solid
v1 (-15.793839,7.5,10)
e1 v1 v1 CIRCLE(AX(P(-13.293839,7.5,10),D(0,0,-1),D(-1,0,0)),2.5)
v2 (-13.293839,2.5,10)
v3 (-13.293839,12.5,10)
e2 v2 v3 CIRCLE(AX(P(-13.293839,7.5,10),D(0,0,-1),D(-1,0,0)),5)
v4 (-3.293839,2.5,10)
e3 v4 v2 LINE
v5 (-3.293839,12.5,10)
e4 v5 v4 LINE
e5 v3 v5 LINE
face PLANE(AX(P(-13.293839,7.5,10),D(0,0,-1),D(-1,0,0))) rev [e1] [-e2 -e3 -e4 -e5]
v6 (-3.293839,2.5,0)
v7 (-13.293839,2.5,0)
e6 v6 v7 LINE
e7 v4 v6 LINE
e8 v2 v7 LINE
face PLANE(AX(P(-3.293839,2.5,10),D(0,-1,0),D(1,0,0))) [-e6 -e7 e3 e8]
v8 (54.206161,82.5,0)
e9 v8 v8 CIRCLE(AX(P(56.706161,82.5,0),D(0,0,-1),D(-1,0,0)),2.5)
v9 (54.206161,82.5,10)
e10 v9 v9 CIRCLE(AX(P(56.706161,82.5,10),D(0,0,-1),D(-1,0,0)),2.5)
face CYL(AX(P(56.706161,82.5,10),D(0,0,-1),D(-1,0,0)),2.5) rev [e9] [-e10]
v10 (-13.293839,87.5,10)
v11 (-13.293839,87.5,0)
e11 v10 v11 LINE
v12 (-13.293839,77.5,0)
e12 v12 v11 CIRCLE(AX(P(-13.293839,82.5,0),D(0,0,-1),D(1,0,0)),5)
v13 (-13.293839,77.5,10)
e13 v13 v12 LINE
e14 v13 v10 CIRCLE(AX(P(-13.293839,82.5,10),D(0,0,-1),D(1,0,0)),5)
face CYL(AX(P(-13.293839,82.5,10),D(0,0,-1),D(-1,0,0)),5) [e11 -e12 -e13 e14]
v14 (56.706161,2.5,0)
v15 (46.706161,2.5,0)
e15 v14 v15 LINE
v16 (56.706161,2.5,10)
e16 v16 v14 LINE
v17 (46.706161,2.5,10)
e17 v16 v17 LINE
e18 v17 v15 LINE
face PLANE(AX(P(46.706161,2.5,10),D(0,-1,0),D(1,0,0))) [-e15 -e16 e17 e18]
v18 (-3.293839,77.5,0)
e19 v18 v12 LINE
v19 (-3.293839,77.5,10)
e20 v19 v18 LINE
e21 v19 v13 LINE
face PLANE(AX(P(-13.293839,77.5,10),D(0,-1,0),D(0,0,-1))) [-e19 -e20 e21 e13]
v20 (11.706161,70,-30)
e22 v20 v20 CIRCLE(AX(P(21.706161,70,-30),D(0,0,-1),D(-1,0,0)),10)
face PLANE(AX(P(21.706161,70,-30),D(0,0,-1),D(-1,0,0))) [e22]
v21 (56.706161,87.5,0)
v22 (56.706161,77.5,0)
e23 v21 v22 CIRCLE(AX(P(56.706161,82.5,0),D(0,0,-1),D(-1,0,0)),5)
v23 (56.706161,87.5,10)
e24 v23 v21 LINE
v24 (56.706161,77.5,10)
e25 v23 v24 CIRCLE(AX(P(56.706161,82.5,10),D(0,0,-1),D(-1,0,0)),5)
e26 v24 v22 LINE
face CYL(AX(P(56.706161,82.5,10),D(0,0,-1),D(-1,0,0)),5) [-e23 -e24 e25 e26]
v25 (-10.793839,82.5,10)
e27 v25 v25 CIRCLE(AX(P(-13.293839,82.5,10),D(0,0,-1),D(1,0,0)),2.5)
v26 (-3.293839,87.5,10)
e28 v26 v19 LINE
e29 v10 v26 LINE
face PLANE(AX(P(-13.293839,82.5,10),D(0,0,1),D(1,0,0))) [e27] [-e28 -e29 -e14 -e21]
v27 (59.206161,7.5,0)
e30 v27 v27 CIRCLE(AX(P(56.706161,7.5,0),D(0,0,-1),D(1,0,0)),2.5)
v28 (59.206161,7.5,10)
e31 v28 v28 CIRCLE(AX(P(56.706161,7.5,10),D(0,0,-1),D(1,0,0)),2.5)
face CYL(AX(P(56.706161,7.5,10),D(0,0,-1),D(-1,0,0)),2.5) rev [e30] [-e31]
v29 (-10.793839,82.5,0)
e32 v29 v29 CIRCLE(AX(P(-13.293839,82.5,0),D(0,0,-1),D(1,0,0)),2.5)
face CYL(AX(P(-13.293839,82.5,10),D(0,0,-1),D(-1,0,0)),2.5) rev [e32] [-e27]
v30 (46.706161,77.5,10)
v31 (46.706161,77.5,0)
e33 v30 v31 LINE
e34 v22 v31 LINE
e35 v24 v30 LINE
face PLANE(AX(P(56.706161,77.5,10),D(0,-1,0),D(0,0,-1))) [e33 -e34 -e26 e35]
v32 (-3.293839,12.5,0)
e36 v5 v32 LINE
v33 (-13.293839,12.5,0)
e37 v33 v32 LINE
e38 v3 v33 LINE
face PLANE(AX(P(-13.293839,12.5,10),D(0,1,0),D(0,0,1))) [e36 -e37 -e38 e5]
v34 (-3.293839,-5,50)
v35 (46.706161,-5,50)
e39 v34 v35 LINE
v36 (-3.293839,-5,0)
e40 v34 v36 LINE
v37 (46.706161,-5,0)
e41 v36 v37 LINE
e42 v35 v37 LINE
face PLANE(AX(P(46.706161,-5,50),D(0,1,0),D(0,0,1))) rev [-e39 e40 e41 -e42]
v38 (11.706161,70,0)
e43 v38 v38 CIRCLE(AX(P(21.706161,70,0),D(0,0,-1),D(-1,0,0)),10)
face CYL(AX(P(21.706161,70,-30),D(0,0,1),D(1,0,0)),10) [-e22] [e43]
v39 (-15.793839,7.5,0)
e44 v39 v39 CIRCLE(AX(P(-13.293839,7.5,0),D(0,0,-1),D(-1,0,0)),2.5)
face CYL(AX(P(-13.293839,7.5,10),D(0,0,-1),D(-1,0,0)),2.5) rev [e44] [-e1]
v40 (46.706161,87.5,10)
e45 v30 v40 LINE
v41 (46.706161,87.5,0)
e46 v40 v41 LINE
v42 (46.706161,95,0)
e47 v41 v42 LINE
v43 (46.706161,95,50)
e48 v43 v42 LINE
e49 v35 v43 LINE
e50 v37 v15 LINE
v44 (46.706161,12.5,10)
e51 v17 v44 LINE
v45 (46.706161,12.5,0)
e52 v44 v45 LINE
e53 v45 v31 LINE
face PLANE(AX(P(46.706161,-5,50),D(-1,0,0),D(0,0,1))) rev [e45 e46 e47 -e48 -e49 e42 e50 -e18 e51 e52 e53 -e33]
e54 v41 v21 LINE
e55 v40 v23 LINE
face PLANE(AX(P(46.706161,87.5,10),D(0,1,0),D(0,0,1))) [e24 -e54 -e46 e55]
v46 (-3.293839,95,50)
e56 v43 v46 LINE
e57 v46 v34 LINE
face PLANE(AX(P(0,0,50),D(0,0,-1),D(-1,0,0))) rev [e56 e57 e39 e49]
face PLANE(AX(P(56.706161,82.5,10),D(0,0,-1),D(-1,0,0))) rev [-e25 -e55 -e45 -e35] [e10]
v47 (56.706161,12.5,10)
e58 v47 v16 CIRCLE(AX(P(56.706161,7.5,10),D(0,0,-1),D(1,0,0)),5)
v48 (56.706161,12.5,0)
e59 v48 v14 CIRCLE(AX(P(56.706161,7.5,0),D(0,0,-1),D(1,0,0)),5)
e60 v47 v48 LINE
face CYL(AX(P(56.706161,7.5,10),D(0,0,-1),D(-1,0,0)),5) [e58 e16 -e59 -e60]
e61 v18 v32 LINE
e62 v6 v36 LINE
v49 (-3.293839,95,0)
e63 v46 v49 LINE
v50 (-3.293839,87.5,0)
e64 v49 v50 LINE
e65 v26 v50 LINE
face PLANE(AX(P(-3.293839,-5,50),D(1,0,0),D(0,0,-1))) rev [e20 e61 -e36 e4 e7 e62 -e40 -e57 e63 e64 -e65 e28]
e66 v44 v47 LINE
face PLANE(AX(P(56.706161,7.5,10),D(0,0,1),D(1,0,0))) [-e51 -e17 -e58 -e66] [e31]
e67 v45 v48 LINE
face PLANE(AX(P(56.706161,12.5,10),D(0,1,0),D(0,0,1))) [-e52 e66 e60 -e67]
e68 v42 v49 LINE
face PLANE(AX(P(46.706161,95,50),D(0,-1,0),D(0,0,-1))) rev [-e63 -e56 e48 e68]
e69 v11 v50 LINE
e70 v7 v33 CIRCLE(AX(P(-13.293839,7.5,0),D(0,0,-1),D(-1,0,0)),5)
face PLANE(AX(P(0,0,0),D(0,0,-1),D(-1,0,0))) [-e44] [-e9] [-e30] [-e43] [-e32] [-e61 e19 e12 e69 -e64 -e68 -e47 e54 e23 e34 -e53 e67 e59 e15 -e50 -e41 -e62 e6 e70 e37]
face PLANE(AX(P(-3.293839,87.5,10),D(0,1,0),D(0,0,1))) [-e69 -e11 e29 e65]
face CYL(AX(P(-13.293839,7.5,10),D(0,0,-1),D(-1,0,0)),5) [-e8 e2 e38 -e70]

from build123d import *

# Parameters (mm, degrees)
SKETCH1_W           = 100
SKETCH1_H           = 50
BOSS_EXTRUDE1_DEPTH = 50
SKETCH2_R           = 2.5
BOSS_EXTRUDE2_DEPTH = 10
SKETCH3_R           = 10
BOSS_EXTRUDE3_DEPTH = 30


with BuildPart() as part:
    # Sketch1 → Boss-Extrude1 (new body)
    with BuildSketch(Plane(origin=(0, 0, 0), x_dir=(0, 1, 0), z_dir=(0, 0, 1))):
        with Locations((45, -21.706161137)):
            Rectangle(SKETCH1_W, SKETCH1_H)
    extrude(amount=BOSS_EXTRUDE1_DEPTH)

    # Sketch2 → Boss-Extrude2 (add)
    # profile 1 of 4: a face of its own
    with BuildSketch(Plane(origin=(0, 0, 0), x_dir=(1, 0, 0), z_dir=(0, 0, -1))):
        with BuildLine():
            Line((-3.293838863, -2.5), (-13.293838863, -2.5))
            ThreePointArc((-13.293838863, -2.5), (-18.293838863, -7.5), (-13.293838863, -12.5))
            Line((-13.293838863, -12.5), (-3.293838863, -12.5))
            Line((-3.293838863, -12.5), (-3.293838863, -2.5))
        make_face()
        with Locations(Location((-13.293838863, -7.5, 0), (0, 0, 180))):
            Circle(SKETCH2_R, mode=Mode.SUBTRACT)
    # profile 2 of 4: a face of its own
    with BuildSketch(Plane(origin=(0, 0, 0), x_dir=(1, 0, 0), z_dir=(0, 0, -1))):
        with BuildLine():
            Line((-3.293838863, -77.5), (-3.293838863, -87.5))
            Line((-3.293838863, -87.5), (-13.293838863, -87.5))
            ThreePointArc((-13.293838863, -87.5), (-18.293838863, -82.5), (-13.293838863, -77.5))
            Line((-13.293838863, -77.5), (-3.293838863, -77.5))
        make_face()
        with Locations((-13.293838863, -82.5)):
            Circle(SKETCH2_R, mode=Mode.SUBTRACT)
    # profile 3 of 4: a face of its own
    with BuildSketch(Plane(origin=(0, 0, 0), x_dir=(1, 0, 0), z_dir=(0, 0, -1))):
        with BuildLine():
            Line((46.706161137, -87.5), (56.706161137, -87.5))
            ThreePointArc((56.706161137, -87.5), (61.706161137, -82.5), (56.706161137, -77.5))
            Line((56.706161137, -77.5), (46.706161137, -77.5))
            Line((46.706161137, -77.5), (46.706161137, -87.5))
        make_face()
        with Locations(Location((56.706161137, -82.5, 0), (0, 0, 180))):
            Circle(SKETCH2_R, mode=Mode.SUBTRACT)
    # profile 4 of 4: a face of its own
    with BuildSketch(Plane(origin=(0, 0, 0), x_dir=(1, 0, 0), z_dir=(0, 0, -1))):
        with BuildLine():
            Line((46.706161137, -12.5), (46.706161137, -2.5))
            Line((46.706161137, -2.5), (56.706161137, -2.5))
            ThreePointArc((56.706161137, -2.5), (61.706161137, -7.5), (56.706161137, -12.5))
            Line((56.706161137, -12.5), (46.706161137, -12.5))
        make_face()
        with Locations((56.706161137, -7.5)):
            Circle(SKETCH2_R, mode=Mode.SUBTRACT)
    extrude(amount=-BOSS_EXTRUDE2_DEPTH)

    # Sketch3 → Boss-Extrude3 (add)
    with BuildSketch(Plane(origin=(0, 0, 0), x_dir=(1, 0, 0), z_dir=(0, 0, -1))):
        with Locations(Location((21.706161137, -70, 0), (0, 0, 180))):
            Circle(SKETCH3_R)
    extrude(amount=BOSS_EXTRUDE3_DEPTH)


solid = part.part
